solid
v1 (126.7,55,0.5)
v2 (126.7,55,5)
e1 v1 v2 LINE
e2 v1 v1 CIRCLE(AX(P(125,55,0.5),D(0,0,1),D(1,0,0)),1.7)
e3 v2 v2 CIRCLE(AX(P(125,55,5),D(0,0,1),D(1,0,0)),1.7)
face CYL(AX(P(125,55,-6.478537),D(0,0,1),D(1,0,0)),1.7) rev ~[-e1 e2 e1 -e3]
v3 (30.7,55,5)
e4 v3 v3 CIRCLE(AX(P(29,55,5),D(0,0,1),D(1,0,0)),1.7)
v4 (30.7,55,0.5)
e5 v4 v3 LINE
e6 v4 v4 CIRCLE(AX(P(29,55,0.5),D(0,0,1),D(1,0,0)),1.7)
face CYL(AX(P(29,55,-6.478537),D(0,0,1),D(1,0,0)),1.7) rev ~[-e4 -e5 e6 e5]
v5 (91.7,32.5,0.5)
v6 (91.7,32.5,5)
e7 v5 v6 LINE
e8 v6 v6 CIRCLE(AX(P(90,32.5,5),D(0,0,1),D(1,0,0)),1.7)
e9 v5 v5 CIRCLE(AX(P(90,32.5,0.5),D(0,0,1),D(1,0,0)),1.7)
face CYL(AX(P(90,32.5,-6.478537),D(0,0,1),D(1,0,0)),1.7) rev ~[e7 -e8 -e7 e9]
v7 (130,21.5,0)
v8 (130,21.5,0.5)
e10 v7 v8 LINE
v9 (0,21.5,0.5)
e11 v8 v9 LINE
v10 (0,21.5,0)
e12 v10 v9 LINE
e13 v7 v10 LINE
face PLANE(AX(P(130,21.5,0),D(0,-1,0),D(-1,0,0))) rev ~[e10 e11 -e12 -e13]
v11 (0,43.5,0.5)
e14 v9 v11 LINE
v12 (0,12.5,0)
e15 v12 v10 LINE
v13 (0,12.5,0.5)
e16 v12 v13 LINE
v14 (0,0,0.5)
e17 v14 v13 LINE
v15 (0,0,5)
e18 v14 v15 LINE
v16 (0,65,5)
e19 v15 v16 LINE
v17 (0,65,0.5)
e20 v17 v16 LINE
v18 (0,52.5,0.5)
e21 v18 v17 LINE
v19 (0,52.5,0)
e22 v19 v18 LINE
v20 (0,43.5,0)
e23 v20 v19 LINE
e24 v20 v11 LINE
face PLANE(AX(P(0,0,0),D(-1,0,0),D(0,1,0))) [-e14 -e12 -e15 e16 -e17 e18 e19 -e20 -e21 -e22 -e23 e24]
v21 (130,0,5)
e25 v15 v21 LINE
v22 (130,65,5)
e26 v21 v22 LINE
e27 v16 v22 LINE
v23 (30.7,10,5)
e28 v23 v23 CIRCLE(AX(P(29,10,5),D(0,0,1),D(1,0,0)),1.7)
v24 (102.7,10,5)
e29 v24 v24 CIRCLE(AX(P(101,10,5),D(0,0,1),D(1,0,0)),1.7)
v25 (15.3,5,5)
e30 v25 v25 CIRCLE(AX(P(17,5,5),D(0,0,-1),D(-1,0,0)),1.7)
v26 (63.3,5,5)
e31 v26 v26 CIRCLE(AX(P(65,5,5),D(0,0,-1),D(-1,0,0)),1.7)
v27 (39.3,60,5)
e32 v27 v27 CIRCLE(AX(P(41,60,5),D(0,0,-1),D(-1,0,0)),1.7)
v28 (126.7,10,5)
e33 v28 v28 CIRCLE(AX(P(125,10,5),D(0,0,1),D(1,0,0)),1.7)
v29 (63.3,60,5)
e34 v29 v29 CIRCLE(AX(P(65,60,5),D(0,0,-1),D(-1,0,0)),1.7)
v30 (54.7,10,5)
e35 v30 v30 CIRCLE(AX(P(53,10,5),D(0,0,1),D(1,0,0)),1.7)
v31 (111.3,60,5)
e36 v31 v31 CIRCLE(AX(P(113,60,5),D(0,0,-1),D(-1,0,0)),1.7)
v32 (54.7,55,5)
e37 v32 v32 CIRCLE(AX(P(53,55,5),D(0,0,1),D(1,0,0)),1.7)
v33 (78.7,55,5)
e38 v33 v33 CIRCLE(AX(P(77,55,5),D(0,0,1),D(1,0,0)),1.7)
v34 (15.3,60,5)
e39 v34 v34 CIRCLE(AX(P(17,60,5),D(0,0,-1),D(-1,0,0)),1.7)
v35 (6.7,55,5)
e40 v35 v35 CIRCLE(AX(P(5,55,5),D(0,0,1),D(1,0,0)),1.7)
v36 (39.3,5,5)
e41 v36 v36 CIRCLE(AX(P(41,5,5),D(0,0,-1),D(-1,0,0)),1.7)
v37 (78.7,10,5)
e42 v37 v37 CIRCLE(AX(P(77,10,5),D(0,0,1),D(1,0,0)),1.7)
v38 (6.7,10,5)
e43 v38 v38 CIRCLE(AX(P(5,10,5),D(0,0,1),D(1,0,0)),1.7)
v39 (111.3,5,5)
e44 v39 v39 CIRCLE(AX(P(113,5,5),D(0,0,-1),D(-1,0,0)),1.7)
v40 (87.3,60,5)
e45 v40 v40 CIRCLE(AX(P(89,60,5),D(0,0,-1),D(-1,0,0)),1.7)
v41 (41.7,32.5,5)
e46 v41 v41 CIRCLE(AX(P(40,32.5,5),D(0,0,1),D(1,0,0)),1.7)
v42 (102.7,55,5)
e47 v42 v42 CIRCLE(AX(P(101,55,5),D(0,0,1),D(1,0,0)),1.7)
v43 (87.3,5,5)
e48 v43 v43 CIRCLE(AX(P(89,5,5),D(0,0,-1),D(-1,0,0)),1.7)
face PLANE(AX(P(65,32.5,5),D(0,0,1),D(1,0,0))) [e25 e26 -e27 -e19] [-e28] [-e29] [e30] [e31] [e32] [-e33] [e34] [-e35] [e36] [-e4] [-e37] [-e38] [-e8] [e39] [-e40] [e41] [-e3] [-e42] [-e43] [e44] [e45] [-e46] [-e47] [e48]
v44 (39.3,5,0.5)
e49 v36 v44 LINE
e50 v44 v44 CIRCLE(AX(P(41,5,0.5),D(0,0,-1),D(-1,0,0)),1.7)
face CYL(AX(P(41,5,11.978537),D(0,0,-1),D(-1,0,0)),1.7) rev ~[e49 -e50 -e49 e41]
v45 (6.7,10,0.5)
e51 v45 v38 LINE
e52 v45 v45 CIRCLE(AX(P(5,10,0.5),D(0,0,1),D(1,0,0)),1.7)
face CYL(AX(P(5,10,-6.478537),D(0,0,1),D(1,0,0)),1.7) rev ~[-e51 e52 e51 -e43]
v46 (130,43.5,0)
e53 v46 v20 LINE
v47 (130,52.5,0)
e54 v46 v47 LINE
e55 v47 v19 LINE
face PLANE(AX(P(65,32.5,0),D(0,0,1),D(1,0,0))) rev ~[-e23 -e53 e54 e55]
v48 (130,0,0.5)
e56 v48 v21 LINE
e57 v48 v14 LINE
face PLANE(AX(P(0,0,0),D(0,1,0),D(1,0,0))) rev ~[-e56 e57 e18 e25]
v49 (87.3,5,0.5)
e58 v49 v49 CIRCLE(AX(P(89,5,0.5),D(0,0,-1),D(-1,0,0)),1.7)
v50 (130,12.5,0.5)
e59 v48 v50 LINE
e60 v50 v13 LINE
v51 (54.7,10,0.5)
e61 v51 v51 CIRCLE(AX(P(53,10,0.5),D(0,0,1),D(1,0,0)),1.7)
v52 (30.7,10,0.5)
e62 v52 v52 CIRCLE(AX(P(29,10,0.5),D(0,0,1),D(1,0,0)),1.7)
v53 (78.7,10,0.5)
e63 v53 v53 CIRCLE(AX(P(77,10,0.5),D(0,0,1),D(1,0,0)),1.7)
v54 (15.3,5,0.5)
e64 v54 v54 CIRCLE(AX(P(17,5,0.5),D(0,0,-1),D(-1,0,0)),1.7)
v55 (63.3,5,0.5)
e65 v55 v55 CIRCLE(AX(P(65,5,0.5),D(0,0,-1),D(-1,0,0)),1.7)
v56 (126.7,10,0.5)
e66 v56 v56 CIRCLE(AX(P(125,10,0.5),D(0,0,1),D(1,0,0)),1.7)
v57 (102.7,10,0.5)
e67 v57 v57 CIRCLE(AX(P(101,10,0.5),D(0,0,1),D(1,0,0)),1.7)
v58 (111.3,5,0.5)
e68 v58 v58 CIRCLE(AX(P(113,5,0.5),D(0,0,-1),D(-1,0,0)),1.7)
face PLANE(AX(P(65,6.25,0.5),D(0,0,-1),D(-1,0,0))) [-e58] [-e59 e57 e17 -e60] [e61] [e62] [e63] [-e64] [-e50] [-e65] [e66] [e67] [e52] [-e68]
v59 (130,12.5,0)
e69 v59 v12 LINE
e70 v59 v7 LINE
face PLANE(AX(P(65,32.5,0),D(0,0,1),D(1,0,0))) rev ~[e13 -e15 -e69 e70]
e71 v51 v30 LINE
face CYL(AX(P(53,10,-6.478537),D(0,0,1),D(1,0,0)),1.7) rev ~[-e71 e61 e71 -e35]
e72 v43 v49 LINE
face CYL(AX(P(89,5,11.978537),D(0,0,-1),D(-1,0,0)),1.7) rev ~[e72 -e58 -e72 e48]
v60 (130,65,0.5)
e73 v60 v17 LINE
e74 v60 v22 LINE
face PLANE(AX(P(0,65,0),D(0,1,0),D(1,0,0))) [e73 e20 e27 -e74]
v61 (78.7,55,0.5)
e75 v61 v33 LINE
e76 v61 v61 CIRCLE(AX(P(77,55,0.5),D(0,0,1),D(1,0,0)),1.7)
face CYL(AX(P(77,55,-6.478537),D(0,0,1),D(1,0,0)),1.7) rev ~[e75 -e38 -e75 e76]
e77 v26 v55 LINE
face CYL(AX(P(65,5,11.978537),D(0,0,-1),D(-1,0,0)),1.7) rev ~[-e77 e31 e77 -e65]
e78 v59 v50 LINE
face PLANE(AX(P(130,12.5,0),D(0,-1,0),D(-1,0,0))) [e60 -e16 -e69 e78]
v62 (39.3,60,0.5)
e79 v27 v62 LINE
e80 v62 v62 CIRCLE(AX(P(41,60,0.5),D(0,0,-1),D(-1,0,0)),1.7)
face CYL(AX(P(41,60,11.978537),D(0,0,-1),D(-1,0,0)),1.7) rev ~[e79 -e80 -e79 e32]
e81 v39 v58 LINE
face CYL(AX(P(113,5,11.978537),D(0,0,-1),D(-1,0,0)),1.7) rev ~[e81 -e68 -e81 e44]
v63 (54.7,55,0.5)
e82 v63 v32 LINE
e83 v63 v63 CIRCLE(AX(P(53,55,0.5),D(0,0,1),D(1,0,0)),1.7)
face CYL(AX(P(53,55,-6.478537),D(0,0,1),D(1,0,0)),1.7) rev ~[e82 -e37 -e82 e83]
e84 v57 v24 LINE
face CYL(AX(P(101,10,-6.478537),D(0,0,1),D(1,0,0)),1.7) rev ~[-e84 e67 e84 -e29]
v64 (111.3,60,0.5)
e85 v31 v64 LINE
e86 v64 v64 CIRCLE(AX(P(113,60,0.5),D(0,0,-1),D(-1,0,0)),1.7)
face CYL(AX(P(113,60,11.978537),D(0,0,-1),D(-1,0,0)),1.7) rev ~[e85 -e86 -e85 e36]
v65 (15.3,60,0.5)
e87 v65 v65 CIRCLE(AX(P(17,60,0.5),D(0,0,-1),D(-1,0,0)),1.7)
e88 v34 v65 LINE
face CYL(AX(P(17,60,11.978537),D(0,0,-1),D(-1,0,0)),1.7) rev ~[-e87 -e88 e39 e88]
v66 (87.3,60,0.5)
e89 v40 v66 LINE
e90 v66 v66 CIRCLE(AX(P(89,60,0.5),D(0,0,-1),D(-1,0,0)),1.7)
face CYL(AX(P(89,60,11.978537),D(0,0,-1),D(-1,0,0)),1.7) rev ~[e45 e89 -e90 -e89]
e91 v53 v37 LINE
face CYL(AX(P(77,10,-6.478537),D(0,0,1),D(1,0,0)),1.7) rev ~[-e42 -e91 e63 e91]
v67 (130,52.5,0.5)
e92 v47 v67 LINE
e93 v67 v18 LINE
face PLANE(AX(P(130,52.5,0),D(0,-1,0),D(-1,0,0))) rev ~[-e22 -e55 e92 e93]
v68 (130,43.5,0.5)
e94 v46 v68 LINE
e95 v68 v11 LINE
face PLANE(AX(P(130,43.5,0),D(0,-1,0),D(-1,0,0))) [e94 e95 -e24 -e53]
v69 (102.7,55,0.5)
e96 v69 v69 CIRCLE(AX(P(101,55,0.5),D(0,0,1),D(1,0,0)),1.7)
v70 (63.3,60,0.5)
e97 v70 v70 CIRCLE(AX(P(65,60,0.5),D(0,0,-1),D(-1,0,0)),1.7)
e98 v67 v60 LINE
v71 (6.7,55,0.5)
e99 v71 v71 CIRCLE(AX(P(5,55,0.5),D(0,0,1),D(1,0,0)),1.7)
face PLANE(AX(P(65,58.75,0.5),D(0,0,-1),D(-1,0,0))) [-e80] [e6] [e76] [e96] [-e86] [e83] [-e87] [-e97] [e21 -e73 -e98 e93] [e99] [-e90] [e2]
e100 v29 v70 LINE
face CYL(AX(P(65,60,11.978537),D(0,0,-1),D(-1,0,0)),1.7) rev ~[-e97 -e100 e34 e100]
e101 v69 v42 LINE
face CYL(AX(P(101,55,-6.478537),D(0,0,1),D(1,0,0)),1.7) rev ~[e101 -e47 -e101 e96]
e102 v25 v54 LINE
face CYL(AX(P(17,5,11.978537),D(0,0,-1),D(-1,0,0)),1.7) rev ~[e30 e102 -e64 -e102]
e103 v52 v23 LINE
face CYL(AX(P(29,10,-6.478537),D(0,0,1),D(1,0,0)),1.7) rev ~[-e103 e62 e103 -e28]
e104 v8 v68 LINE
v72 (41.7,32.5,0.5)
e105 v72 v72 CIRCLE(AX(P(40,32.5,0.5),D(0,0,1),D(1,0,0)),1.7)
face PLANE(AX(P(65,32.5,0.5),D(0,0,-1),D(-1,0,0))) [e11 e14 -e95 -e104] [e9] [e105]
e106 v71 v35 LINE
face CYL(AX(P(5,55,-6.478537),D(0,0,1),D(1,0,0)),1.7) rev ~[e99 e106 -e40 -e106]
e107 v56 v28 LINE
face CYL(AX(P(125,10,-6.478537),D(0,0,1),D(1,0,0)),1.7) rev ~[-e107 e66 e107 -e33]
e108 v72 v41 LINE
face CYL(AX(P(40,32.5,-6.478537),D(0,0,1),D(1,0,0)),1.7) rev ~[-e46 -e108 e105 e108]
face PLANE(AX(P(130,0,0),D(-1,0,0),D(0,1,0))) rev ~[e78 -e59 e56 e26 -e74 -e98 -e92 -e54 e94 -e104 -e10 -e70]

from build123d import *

# Parameters (mm, degrees)
ESQUISSE1_W             = 130
ESQUISSE1_H             = 65
ESQUISSE1_R             = 1.3
BOSS_EXTRU_1_DEPTH      = 5
ESQUISSE2_W             = 130
ESQUISSE2_H             = 12.5
ESQUISSE2_H_2           = 22
ENL_V_MAT_EXTRU_1_DEPTH = 0.5
D_GAGEMENT_M3_D         = 3.4
D_GAGEMENT_M3_DEPTH     = 6.978536948
D_GAGEMENT_M3_TIP       = 1.021463052
D_GAGEMENT_M32_D        = 3.4
D_GAGEMENT_M32_DEPTH    = 6.978536948
D_GAGEMENT_M32_TIP      = 1.021463052


with BuildPart() as part:
    # Esquisse1 → Boss.-Extru.1 (new body)
    with BuildSketch(Plane.XY):
        with Locations((65, 32.5)):
            Rectangle(ESQUISSE1_W, ESQUISSE1_H)
        with Locations((113, 5)):
            Circle(ESQUISSE1_R, mode=Mode.SUBTRACT)
        with Locations((89, 5)):
            Circle(ESQUISSE1_R, mode=Mode.SUBTRACT)
        with Locations((65, 5)):
            Circle(ESQUISSE1_R, mode=Mode.SUBTRACT)
        with Locations((41, 5)):
            Circle(ESQUISSE1_R, mode=Mode.SUBTRACT)
        with Locations((17, 5)):
            Circle(ESQUISSE1_R, mode=Mode.SUBTRACT)
        with Locations((113, 60)):
            Circle(ESQUISSE1_R, mode=Mode.SUBTRACT)
        with Locations((89, 60)):
            Circle(ESQUISSE1_R, mode=Mode.SUBTRACT)
        with Locations((65, 60)):
            Circle(ESQUISSE1_R, mode=Mode.SUBTRACT)
        with Locations((41, 60)):
            Circle(ESQUISSE1_R, mode=Mode.SUBTRACT)
        with Locations((17, 60)):
            Circle(ESQUISSE1_R, mode=Mode.SUBTRACT)
    extrude(amount=BOSS_EXTRU_1_DEPTH)

    # Esquisse2 → Enlèv. mat.-Extru.1 (cut)
    with BuildSketch(Plane(origin=(0, 0, 0), x_dir=(-1, 0, 0), z_dir=(0, 0, -1))):
        with Locations((-65, 58.75)):
            Rectangle(ESQUISSE2_W, ESQUISSE2_H)
        with Locations((-65, 6.25)):
            Rectangle(ESQUISSE2_W, ESQUISSE2_H)
        with Locations((-65, 32.5)):
            Rectangle(ESQUISSE2_W, ESQUISSE2_H_2)
    extrude(amount=-ENL_V_MAT_EXTRU_1_DEPTH, mode=Mode.SUBTRACT)

    # Dégagement M3
    with Locations(Plane.XY.offset(5)):
        with Locations((17, 60), (41, 60), (65, 60), (89, 60), (113, 60), (113, 5), (89, 5), (65, 5), (41, 5), (17, 5)):
            Hole(D_GAGEMENT_M3_D / 2, depth=D_GAGEMENT_M3_DEPTH)
            with Locations((0, 0, -(D_GAGEMENT_M3_DEPTH + D_GAGEMENT_M3_TIP / 2))):  # 118° drill point
                Cone(0, D_GAGEMENT_M3_D / 2, D_GAGEMENT_M3_TIP, mode=Mode.SUBTRACT)

    # Dégagement M32
    with Locations(Plane(origin=(0, 0, 0.5), x_dir=(-1, 0, 0), z_dir=(0, 0, -1))):
        with Locations((-125, 55), (-101, 55), (-77, 55), (-53, 55), (-29, 55), (-5, 55), (-40, 32.5), (-90, 32.5), (-125, 10), (-101, 10), (-77, 10), (-53, 10), (-29, 10), (-5, 10)):
            Hole(D_GAGEMENT_M32_D / 2, depth=D_GAGEMENT_M32_DEPTH)
            with Locations((0, 0, -(D_GAGEMENT_M32_DEPTH + D_GAGEMENT_M32_TIP / 2))):  # 118° drill point
                Cone(0, D_GAGEMENT_M32_D / 2, D_GAGEMENT_M32_TIP, mode=Mode.SUBTRACT)


solid = part.part
